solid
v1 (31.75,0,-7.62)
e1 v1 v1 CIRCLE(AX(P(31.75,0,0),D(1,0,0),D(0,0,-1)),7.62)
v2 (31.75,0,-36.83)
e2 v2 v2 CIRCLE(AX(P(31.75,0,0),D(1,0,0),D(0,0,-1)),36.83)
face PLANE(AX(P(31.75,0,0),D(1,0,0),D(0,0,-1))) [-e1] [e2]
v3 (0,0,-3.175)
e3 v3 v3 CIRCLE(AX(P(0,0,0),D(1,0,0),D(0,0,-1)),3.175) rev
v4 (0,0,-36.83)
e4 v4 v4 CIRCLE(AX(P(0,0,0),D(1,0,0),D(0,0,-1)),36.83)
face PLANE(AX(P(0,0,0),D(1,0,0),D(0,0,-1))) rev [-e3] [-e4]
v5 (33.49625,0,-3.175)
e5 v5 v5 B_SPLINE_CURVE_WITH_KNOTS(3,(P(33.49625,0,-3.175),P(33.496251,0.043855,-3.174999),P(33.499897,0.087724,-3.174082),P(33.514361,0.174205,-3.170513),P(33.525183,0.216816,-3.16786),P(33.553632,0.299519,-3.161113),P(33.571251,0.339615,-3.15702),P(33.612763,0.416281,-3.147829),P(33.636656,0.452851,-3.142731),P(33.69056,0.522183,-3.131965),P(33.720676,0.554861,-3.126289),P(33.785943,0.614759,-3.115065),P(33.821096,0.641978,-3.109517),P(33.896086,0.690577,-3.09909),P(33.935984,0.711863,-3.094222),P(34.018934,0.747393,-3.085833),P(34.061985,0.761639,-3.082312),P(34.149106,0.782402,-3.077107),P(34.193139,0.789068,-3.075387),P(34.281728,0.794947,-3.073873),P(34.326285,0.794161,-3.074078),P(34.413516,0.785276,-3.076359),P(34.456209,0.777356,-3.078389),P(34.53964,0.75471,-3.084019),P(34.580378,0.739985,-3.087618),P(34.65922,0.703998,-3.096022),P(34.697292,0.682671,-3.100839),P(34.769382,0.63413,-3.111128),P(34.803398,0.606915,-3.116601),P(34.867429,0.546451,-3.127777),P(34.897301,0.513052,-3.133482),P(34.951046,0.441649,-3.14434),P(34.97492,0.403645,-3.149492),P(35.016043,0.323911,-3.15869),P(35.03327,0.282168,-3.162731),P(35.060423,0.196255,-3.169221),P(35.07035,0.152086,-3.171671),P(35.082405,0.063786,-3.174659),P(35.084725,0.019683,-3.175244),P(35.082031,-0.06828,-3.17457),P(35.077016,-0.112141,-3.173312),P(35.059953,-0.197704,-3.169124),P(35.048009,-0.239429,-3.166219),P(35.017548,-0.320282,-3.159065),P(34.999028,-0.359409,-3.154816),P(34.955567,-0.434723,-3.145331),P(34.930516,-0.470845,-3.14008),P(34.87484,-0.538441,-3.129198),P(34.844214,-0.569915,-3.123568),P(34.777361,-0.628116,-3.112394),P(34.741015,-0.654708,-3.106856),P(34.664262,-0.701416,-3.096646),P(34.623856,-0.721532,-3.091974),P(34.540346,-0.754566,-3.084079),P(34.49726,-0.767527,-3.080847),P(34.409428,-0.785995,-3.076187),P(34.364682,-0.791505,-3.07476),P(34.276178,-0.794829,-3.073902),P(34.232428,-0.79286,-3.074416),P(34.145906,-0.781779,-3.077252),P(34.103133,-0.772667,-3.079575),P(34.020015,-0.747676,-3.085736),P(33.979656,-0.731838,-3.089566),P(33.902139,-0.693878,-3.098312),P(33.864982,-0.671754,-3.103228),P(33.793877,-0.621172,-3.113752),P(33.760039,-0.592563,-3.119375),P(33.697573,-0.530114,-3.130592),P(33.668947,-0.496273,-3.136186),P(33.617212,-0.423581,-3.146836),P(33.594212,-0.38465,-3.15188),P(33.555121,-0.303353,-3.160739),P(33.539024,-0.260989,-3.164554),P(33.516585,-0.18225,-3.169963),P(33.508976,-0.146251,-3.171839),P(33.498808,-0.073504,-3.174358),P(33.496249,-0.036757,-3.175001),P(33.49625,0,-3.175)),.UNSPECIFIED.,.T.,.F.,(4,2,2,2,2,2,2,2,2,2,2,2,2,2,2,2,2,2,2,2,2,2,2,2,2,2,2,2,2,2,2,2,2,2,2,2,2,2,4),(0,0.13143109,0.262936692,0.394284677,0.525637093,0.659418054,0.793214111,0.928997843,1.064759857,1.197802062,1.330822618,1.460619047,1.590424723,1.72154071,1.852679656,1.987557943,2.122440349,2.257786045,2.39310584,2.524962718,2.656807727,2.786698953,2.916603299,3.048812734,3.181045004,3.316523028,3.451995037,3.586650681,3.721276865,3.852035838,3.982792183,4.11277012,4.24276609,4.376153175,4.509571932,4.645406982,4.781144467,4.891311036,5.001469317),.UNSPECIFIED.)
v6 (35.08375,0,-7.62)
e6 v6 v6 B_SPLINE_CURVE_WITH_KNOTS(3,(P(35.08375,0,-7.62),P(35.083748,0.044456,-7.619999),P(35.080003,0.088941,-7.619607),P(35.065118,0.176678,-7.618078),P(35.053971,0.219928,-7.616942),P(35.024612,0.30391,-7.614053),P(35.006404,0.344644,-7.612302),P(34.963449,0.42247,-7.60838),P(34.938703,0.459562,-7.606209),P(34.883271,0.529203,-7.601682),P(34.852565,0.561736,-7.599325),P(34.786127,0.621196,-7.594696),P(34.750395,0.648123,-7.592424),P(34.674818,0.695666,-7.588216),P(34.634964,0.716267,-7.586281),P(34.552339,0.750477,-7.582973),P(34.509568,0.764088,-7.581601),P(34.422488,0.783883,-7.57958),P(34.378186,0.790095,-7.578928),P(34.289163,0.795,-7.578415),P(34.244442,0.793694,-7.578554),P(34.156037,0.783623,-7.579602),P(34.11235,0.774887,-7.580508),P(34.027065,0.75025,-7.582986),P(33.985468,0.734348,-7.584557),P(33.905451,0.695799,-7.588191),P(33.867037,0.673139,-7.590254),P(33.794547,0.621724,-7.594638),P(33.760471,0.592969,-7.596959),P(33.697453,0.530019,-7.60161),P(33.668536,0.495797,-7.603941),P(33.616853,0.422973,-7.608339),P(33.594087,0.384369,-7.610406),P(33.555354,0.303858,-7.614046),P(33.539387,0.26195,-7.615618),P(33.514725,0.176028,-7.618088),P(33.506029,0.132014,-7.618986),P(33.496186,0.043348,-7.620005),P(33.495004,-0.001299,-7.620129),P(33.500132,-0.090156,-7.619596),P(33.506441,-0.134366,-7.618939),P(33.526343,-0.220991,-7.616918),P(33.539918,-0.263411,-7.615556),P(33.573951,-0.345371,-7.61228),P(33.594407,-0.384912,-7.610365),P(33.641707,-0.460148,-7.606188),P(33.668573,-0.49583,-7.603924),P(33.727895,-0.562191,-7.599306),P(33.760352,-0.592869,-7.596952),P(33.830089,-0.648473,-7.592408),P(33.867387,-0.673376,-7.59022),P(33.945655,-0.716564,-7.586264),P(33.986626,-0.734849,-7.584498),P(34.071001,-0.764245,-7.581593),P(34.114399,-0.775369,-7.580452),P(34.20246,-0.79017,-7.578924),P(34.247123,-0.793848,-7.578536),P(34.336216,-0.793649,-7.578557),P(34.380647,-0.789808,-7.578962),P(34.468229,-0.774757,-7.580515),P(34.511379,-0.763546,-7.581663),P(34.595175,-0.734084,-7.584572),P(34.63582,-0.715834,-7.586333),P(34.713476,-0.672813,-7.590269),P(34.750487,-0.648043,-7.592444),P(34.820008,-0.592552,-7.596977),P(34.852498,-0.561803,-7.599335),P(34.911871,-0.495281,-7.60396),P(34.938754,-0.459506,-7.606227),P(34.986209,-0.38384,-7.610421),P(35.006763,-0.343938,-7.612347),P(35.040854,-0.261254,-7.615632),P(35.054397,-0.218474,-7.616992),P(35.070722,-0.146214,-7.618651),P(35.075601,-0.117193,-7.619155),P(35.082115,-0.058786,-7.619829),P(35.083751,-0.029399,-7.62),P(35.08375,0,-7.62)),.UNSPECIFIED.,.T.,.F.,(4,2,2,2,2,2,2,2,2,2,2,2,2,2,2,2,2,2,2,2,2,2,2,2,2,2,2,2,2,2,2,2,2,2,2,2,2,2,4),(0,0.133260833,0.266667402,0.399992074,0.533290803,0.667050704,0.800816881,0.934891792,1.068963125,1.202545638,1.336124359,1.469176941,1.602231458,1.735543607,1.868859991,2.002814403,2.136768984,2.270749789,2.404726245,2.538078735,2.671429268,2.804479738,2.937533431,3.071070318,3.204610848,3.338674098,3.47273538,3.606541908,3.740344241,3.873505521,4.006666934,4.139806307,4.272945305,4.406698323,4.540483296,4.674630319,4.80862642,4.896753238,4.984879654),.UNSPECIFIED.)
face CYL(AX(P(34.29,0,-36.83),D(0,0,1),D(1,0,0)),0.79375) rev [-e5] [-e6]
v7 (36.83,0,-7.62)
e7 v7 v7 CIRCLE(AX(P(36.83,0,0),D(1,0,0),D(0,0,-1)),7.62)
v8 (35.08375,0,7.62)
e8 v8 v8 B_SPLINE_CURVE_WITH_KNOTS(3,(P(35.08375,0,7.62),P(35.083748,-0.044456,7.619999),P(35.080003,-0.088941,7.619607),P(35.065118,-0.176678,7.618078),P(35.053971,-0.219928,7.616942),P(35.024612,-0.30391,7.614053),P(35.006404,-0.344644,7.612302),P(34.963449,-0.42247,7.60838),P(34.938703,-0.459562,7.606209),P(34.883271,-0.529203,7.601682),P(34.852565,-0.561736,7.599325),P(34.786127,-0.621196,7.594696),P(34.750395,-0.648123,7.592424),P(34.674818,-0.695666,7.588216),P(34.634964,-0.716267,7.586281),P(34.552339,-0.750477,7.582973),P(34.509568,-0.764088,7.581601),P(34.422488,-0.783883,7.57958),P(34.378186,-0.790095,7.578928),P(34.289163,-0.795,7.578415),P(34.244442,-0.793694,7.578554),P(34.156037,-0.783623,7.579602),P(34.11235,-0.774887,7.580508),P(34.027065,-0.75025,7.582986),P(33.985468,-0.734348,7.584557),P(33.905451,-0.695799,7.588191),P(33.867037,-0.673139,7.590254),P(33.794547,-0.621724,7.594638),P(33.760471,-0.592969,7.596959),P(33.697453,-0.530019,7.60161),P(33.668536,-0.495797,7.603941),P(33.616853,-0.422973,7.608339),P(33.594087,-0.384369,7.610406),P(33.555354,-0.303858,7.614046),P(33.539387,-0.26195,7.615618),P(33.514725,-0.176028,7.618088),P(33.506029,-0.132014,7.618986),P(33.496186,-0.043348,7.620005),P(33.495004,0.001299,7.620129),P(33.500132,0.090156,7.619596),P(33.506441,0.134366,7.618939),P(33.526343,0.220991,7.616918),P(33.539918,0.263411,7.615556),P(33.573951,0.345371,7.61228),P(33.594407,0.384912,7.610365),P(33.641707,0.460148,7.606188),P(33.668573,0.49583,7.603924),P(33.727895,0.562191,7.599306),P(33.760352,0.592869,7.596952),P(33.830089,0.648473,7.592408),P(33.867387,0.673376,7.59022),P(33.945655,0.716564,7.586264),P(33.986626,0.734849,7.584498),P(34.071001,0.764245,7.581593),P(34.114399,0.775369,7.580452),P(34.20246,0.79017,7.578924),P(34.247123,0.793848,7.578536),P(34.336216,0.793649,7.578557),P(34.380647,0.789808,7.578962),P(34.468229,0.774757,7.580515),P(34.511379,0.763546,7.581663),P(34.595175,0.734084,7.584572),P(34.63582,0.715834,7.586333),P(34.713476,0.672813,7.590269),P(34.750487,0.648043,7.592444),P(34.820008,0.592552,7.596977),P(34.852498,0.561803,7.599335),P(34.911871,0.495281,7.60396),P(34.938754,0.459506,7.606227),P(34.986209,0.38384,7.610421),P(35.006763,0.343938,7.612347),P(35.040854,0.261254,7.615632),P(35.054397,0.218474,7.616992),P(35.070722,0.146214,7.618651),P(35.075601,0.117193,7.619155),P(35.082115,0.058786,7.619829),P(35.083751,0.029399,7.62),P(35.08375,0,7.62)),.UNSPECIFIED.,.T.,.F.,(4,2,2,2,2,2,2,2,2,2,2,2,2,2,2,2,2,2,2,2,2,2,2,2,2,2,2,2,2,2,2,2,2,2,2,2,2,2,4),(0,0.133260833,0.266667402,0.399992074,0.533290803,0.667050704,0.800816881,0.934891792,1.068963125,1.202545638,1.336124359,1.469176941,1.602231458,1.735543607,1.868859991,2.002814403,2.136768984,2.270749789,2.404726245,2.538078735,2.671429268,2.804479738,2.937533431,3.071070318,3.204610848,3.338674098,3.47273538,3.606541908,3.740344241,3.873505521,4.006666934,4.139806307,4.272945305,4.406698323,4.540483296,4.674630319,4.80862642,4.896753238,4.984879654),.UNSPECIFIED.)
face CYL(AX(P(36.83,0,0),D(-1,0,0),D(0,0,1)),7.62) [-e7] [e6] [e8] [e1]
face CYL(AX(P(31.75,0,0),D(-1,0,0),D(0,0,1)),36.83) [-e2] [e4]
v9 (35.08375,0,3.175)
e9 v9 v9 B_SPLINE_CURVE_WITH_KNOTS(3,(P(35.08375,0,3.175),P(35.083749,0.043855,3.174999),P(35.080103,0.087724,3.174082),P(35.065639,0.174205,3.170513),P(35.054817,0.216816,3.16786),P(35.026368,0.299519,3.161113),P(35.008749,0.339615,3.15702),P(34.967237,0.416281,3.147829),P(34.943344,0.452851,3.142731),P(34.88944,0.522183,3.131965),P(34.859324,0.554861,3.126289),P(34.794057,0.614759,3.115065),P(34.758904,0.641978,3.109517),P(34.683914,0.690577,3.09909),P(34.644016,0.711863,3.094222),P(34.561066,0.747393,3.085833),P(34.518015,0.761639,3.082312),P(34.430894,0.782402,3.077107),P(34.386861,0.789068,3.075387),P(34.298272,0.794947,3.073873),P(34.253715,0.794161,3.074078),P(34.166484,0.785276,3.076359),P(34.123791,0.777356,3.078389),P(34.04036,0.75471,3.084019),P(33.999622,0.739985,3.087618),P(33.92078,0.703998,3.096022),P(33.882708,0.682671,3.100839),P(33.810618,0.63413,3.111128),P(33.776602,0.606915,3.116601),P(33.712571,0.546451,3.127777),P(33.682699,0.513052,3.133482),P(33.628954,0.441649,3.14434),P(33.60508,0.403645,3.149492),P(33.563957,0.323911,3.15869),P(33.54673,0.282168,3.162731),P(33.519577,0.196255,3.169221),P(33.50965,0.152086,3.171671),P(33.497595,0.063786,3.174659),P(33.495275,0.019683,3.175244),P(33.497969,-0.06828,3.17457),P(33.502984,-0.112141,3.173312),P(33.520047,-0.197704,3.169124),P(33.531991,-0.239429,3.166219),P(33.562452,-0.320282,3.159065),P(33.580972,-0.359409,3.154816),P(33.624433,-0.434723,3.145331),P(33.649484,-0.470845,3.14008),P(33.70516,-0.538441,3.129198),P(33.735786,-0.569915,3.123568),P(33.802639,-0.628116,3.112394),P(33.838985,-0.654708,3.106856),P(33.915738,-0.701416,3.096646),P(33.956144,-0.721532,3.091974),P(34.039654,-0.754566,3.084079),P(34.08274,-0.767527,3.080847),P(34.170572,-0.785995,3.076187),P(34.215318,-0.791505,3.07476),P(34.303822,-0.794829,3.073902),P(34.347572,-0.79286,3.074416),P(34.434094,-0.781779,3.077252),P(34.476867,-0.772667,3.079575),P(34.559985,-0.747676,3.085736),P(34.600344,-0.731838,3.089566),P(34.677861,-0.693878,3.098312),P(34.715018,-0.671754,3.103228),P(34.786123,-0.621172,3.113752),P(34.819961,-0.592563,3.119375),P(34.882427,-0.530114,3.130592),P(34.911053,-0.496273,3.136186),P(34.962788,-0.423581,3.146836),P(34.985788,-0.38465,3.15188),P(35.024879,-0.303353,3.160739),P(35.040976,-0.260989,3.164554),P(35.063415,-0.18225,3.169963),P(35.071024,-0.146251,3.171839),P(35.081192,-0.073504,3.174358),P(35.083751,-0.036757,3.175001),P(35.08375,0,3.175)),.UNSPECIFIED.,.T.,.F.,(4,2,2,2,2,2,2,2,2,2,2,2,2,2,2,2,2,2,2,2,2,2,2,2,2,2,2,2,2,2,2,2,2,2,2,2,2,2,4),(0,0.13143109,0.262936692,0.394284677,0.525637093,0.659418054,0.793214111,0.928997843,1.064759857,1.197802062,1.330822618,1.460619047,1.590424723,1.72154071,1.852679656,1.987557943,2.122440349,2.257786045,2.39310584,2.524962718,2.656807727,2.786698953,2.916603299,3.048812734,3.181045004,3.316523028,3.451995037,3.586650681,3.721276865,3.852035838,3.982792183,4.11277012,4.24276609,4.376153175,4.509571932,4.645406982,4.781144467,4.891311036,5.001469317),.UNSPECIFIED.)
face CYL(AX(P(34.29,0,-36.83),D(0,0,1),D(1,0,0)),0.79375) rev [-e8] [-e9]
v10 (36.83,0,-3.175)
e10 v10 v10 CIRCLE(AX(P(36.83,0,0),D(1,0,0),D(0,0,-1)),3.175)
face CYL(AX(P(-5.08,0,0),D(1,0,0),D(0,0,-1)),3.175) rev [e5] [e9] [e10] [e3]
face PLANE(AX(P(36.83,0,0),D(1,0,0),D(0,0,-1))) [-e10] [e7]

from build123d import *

# Parameters (mm, degrees)
SKETCH1_R               = 36.83
BOSS_EXTRUDE1_DEPTH     = 31.75
SKETCH3_R               = 7.62
BOSS_EXTRUDE2_DEPTH     = 5.08
BOSS_EXTRUDE3_START     = -31.75
SKETCH3_2_R             = 7.62
BOSS_EXTRUDE3_DEPTH     = 5.08
SKETCH2_R               = 3.175
CUT_EXTRUDE1_DEPTH      = 6.08
CUT_EXTRUDE1_DEPTH_BACK = 37.83
SKETCH4_R               = 0.79375
CUT_EXTRUDE2_DEPTH      = 37.83
CUT_EXTRUDE2_DEPTH_BACK = 37.83
SKETCH5_W               = 11.37457975
SKETCH5_H               = 27.007523476
CUT_EXTRUDE3_DEPTH      = 37.83
CUT_EXTRUDE3_DEPTH_BACK = 37.83


with BuildPart() as part:
    # Sketch1 → Boss-Extrude1 (new body)
    with BuildSketch(Plane(origin=(0, 0, 0), x_dir=(0, 0, -1), z_dir=(1, 0, 0))):
        Circle(SKETCH1_R)
    extrude(amount=BOSS_EXTRUDE1_DEPTH)

    # Sketch3 → Boss-Extrude2 (add)
    with BuildSketch(Plane(origin=(31.75, 0, 0), x_dir=(0, 0, -1), z_dir=(1, 0, 0))):
        Circle(SKETCH3_R)
    extrude(amount=BOSS_EXTRUDE2_DEPTH)

    # Sketch3<2> → Boss-Extrude3 (add)
    with BuildSketch(Plane(origin=(31.75, 0, 0), x_dir=(0, 0, -1), z_dir=(1, 0, 0)).offset(BOSS_EXTRUDE3_START)):
        Circle(SKETCH3_2_R)
    extrude(amount=-BOSS_EXTRUDE3_DEPTH)

    # Sketch2 → Cut-Extrude1 (cut, two sides)
    with BuildSketch(Plane(origin=(31.75, 0, 0), x_dir=(0, 0, -1), z_dir=(1, 0, 0))) as cut_extrude1_sk:
        Circle(SKETCH2_R)
    extrude(amount=CUT_EXTRUDE1_DEPTH, mode=Mode.SUBTRACT)
    extrude(cut_extrude1_sk.sketch, amount=-CUT_EXTRUDE1_DEPTH_BACK, mode=Mode.SUBTRACT)

    # Sketch4 → Cut-Extrude2 (cut, two sides)
    with BuildSketch(Plane.XY) as cut_extrude2_sk:
        with Locations((34.29, 0)):
            Circle(SKETCH4_R)
        with Locations((-2.54, 0)):
            Circle(SKETCH4_R)
    extrude(amount=CUT_EXTRUDE2_DEPTH, mode=Mode.SUBTRACT)
    extrude(cut_extrude2_sk.sketch, amount=-CUT_EXTRUDE2_DEPTH_BACK, mode=Mode.SUBTRACT)

    # Sketch5 → Cut-Extrude3 (cut, two sides)
    with BuildSketch(Plane(origin=(0, 0, 0), x_dir=(1, 0, 0), z_dir=(0, 1, 0))) as cut_extrude3_sk:
        with Locations((-5.687289875, -0.244411977)):
            Rectangle(SKETCH5_W, SKETCH5_H)
    extrude(amount=CUT_EXTRUDE3_DEPTH, mode=Mode.SUBTRACT)
    extrude(cut_extrude3_sk.sketch, amount=-CUT_EXTRUDE3_DEPTH_BACK, mode=Mode.SUBTRACT)


solid = part.part
